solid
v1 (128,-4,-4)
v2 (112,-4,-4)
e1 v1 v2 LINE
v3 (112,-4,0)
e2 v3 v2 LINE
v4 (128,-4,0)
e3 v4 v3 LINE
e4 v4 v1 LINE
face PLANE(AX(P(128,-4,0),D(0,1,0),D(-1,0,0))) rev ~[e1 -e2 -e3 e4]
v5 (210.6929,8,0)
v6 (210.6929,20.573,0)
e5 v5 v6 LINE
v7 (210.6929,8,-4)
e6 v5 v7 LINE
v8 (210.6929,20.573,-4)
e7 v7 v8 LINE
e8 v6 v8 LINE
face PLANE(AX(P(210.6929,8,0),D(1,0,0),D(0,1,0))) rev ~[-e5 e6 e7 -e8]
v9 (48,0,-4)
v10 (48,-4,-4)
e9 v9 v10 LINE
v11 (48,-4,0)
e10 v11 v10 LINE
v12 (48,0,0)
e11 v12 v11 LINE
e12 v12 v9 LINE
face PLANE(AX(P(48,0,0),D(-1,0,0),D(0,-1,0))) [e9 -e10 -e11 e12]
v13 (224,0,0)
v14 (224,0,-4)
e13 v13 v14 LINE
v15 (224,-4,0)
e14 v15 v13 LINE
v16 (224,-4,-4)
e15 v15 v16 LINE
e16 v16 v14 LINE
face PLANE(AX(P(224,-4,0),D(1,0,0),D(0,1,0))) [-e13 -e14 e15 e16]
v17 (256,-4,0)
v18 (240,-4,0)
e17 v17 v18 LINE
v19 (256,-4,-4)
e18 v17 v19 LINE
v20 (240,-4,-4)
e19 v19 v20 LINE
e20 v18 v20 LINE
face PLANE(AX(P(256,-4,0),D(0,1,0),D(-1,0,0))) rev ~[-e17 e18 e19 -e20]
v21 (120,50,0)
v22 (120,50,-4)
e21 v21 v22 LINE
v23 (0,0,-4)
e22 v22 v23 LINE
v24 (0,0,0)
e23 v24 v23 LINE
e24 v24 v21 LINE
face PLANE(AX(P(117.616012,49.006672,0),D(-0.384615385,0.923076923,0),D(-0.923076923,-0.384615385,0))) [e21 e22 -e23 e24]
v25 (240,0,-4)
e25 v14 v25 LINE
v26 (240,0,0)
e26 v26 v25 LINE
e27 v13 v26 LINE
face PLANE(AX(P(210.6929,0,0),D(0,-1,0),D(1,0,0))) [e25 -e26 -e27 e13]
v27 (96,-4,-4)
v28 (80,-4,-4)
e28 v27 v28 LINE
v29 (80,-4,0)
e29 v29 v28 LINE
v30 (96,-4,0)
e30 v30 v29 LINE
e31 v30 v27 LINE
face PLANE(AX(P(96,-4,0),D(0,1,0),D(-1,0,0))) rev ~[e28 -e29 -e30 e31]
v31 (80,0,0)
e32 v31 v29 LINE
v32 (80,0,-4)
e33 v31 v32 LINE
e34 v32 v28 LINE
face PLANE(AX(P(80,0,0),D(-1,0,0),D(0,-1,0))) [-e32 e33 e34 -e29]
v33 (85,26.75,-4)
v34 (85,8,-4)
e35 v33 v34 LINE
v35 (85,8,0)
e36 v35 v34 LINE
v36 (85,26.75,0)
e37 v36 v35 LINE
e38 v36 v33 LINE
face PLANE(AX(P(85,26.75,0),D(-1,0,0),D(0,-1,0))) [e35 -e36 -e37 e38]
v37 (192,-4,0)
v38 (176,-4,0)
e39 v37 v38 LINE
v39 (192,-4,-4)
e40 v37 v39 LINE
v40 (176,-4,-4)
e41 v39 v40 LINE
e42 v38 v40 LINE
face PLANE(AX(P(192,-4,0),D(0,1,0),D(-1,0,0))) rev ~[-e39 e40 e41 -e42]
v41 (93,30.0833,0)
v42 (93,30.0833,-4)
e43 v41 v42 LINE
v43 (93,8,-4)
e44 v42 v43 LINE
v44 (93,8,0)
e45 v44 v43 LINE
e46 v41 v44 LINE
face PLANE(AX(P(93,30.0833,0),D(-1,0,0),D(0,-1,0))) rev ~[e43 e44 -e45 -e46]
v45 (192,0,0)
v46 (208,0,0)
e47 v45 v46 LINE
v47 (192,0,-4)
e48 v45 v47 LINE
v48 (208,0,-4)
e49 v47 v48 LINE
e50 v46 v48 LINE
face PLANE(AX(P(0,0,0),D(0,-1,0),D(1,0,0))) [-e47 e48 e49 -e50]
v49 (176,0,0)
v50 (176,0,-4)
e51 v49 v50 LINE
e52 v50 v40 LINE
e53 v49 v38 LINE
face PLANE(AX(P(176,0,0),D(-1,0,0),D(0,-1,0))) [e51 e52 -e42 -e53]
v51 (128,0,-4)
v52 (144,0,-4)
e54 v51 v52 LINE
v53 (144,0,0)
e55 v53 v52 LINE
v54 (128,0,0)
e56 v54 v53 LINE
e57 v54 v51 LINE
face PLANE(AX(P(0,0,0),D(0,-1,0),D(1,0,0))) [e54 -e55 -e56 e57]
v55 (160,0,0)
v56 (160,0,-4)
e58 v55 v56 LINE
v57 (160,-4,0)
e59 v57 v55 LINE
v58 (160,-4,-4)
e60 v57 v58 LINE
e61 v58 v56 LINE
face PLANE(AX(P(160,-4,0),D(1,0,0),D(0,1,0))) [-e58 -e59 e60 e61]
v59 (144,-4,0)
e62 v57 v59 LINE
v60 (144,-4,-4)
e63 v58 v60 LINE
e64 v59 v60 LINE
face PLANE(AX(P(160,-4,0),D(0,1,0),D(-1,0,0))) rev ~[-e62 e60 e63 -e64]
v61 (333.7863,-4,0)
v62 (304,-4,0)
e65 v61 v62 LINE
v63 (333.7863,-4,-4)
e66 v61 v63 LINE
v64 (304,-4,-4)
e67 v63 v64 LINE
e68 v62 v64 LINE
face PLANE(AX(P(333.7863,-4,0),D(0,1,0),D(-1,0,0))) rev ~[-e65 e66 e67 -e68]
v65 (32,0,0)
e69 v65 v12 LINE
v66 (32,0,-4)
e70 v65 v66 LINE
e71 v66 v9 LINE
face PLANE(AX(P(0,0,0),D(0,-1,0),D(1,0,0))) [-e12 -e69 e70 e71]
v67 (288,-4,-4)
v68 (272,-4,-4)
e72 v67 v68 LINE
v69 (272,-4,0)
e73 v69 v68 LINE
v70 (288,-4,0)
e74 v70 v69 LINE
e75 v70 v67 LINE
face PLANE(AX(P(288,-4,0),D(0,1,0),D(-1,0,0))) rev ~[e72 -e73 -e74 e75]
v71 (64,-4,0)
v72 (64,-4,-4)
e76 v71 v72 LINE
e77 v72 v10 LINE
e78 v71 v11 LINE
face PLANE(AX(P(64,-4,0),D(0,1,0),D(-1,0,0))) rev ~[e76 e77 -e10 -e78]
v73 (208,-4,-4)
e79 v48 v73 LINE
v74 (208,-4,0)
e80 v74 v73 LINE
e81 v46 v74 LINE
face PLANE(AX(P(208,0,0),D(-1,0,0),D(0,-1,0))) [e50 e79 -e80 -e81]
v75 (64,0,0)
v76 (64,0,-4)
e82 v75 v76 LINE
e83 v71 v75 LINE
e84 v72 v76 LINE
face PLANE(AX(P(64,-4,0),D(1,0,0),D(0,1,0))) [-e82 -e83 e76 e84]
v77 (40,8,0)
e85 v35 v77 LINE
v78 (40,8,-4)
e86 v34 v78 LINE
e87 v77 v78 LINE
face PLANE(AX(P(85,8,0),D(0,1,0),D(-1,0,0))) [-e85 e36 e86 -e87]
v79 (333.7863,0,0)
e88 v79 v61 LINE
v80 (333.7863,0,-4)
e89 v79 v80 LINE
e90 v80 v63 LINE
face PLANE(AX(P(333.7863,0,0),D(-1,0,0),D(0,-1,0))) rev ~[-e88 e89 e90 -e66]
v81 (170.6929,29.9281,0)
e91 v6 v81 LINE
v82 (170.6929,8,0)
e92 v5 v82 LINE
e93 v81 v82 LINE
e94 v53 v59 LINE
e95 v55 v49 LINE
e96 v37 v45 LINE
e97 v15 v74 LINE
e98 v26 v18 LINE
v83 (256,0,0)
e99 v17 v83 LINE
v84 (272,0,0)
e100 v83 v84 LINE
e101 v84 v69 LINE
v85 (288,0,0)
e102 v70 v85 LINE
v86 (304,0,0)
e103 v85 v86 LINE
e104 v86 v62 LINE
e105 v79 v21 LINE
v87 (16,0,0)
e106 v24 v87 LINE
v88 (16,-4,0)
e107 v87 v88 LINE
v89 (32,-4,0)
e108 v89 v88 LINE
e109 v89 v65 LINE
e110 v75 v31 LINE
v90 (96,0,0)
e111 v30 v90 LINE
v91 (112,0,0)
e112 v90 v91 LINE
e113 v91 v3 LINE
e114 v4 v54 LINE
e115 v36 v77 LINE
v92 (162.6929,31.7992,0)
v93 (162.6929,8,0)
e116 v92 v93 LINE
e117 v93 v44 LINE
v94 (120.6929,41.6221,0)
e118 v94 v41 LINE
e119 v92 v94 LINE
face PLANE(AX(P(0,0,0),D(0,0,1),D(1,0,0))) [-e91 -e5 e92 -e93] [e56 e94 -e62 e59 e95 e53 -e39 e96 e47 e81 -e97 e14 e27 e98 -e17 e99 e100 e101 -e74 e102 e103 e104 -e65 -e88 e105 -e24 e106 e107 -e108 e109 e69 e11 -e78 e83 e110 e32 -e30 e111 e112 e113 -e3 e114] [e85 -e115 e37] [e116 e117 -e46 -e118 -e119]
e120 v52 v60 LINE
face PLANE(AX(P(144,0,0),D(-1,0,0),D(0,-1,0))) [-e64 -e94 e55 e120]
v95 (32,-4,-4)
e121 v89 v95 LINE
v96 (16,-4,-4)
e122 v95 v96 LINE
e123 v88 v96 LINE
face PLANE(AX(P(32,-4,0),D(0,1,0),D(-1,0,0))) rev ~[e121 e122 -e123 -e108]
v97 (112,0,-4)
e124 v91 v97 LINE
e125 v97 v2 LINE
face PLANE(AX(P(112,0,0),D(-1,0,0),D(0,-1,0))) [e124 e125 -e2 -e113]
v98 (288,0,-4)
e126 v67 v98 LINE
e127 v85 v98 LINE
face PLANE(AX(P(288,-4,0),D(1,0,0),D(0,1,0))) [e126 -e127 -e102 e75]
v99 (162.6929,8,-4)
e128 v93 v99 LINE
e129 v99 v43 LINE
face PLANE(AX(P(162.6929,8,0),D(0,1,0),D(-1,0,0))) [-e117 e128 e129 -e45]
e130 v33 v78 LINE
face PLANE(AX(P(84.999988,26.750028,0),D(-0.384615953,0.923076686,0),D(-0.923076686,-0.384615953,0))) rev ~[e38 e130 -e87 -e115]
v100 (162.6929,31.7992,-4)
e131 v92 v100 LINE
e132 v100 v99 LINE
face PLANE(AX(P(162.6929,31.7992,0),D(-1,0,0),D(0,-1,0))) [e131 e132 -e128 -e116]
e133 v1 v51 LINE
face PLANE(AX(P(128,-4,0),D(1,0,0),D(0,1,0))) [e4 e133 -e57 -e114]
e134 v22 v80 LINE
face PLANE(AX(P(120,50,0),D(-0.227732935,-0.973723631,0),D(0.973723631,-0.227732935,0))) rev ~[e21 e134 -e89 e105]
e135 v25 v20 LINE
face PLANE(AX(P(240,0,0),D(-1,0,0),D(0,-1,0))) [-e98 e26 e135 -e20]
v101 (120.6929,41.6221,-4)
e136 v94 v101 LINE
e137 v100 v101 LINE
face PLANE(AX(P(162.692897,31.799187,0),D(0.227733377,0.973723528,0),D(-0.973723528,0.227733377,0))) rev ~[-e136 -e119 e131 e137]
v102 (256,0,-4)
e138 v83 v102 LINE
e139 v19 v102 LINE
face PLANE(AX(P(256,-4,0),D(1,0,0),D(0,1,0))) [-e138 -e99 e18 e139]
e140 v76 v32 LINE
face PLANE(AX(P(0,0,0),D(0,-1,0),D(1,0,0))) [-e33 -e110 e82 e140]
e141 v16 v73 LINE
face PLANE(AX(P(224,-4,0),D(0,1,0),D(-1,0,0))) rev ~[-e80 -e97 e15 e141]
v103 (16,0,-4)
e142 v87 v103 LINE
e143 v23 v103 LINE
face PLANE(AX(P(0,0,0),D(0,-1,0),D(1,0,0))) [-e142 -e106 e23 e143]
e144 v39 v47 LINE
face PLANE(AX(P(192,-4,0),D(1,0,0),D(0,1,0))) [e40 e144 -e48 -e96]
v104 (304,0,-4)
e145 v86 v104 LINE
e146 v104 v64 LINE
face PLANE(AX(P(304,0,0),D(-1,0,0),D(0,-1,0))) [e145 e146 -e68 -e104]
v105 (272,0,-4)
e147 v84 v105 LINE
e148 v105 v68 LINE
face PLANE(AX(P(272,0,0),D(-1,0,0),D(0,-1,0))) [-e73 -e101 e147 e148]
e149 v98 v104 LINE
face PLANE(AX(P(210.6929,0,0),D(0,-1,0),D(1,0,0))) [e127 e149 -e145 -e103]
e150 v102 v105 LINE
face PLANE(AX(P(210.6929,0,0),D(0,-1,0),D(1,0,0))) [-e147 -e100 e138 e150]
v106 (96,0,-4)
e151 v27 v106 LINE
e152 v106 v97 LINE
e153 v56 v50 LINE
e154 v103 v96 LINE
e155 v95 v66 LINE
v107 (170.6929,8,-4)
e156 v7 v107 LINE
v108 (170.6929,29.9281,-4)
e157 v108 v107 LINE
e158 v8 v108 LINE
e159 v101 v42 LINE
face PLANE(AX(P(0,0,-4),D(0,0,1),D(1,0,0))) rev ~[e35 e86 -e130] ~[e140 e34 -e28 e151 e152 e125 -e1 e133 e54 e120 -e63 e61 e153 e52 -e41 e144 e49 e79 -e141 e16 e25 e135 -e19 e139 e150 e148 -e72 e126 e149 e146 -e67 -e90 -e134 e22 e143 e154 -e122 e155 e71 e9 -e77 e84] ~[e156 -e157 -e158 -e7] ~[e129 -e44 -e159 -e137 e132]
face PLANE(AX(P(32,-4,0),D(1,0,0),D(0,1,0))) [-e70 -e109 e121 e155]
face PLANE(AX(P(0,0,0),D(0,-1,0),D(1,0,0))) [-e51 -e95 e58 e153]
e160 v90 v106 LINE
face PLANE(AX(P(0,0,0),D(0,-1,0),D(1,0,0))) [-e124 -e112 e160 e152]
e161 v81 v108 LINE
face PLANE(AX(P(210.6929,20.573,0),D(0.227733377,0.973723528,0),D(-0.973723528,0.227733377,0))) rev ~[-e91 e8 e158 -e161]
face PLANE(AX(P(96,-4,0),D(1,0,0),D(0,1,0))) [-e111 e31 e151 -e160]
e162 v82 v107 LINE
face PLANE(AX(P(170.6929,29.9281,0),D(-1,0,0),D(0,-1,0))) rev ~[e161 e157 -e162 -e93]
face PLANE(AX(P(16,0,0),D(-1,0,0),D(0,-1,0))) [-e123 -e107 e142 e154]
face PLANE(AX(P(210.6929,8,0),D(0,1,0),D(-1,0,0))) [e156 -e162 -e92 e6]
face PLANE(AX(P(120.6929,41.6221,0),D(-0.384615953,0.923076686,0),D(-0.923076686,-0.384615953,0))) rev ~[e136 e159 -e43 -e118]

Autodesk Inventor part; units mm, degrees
ref_plane "YZ Plane" through (0, 0, 0) normal (1, 0, 0) x (0, 1, 0)
ref_plane "XZ Plane" through (0, 0, 0) normal (0, 1, 0) x (-1, 0, 0)
ref_plane "XY Plane" through (0, 0, 0) normal (0, 0, 1) x (1, 0, 0)
sketch "Sketch1" plane through (0, 0, 0) normal (0, 0, 1) x (1, 0, 0)
  line L0 (13.8455, -58.3807) -> (313.7199, -67.0622)
  line L1 (313.7199, -67.0622) -> (333.7863, 0)
  line L2 (13.8455, -58.3807) -> (0, 0)
  line L3 (0, 0) -> (333.7863, 0)
  line L4 (120, 50) -> (333.7863, 0)
  line L5 (120, 50) -> (0, 0)
  line L6 (120.6929, 41.6221) -> (40, 8)
  line L7 (210.6929, 8) -> (210.6929, 20.573)
  line L8 (210.6929, 20.573) -> (120.6929, 41.6221)
  line L9 (85, 26.75) -> (85, 8)
  line L10 (120.6929, 41.6221) -> (122.5148, 49.4118)
  line L11 (120.6929, 41.6221) -> (117.616, 49.0067)
  line L12 (210.6929, 8) -> (210.6929, 0)
  line L13 (170.6929, 29.9281) -> (170.6929, 8)
  line L14 (93, 30.0833) -> (93, 8)
  line L15 (85, 8) -> (93, 8)
  line L16 (162.6929, 31.7992) -> (162.6929, 8)
  line L17 (162.6929, 8) -> (170.6929, 8)
  line L18 (210.6929, 8) -> (40, 8)
  point P0 (170.6929, 8)
  dimension "d228" = 105
  dimension "d268" = 60
  dimension "d269" = 70
  dimension "d270" = 300
  dimension "d273" = 120
  dimension "d274" = 50
  dimension "d275" = 105
  dimension "d283" = 90
  dimension "d284" = 40
  dimension "d285" = 45
  dimension "d289" = 8
  dimension "d290" = 8
extrude "Extrusion1" add sketch "Sketch1" against normal blind 4 contours L5 L11 L6 L18 L15 L17 L12 L3 | L3 L12 L7 L8 L10 L4 | L5 L4 L10 L11 | L17 L16 L8 L13 | L14 L15 L9 L6
sketch "Sketch2" plane through (0, 0, 0) normal (0, 0, 1) x (1, 0, 0)
  line L0 (0, 0) -> (120, 50) projected
  line L1 (16, 0) -> (16, -4)
  line L2 (16, -4) -> (0, -4)
  line L3 (0, -4) -> (0, 0)
  line L4 (32, 0) -> (48, 0)
  line L5 (48, 0) -> (48, -4)
  line L6 (48, -4) -> (32, -4)
  line L7 (32, -4) -> (32, 0)
  line L8 (64, 0) -> (80, 0)
  line L9 (80, 0) -> (80, -4)
  line L10 (80, -4) -> (64, -4)
  line L11 (64, -4) -> (64, 0)
  line L12 (64, 0) -> (48, 0)
  line L13 (16, 0) -> (32, 0)
  line L14 (0, 0) -> (16, 0)
  line L15 (96, 0) -> (112, 0)
  line L16 (112, 0) -> (112, -4)
  line L17 (112, -4) -> (96, -4)
  line L18 (96, -4) -> (96, 0)
  line L19 (96, 0) -> (80, 0)
  line L20 (160, 0) -> (176, 0)
  line L21 (176, 0) -> (176, -4)
  line L22 (176, -4) -> (160, -4)
  line L23 (160, -4) -> (160, 0)
  line L24 (160, 0) -> (176, 0)
  line L25 (160, 0) -> (176, 0)
  line L26 (176, 0) -> (176, -4)
  line L27 (176, -4) -> (160, -4)
  line L28 (160, -4) -> (160, 0)
  line L29 (160, 0) -> (144, 0)
  line L30 (192, 0) -> (208, 0)
  line L31 (208, 0) -> (208, -4)
  line L32 (208, -4) -> (192, -4)
  line L33 (192, -4) -> (192, 0)
  line L34 (192, 0) -> (176, 0)
  line L35 (224, 0) -> (240, 0)
  line L36 (240, 0) -> (240, -4)
  line L37 (240, -4) -> (224, -4)
  line L38 (224, -4) -> (224, 0)
  line L39 (224, 0) -> (208, 0)
  line L40 (128, 0) -> (144, 0)
  line L41 (144, 0) -> (144, -4)
  line L42 (144, -4) -> (128, -4)
  line L43 (128, -4) -> (128, 0)
  line L44 (128, 0) -> (112, 0)
  line L45 (224, 0) -> (240, 0)
  line L46 (240, 0) -> (240, -4)
  line L47 (240, -4) -> (224, -4)
  line L48 (224, -4) -> (224, 0)
  line L49 (224, 0) -> (240, 0)
  line L50 (256, 0) -> (272, 0)
  line L51 (272, 0) -> (272, -4)
  line L52 (272, -4) -> (256, -4)
  line L53 (256, -4) -> (256, 0)
  line L54 (256, 0) -> (240, 0)
  line L55 (288, 0) -> (304, 0)
  line L56 (304, 0) -> (304, -4)
  line L57 (304, -4) -> (288, -4)
  line L58 (288, -4) -> (288, 0)
  line L59 (288, 0) -> (272, 0)
  line L60 (333.7863, 0) -> (333.7863, -4)
  line L61 (333.7863, 0) -> (0, 0) projected
  line L62 (304, 0) -> (333.7863, 0)
  line L63 (333.7863, -4) -> (0, -4)
  dimension "d292" = 16
  dimension "d296" = 16
  dimension "d297" = 4
extrude "Extrusion2" add sketch "Sketch2" against normal blind 4 contours L13 L7 L63 L1 | L12 L11 L63 L5 | L19 L18 L63 L9 | L44 L43 L63 L16 | L29 L23 L63 L41 | L34 L33 L63 L21 | L39 L38 L63 L31 | L54 L53 L63 L36 | L59 L58 L63 L51 | L61 L60 L63 L56
properties part number "Langbektang houder"
